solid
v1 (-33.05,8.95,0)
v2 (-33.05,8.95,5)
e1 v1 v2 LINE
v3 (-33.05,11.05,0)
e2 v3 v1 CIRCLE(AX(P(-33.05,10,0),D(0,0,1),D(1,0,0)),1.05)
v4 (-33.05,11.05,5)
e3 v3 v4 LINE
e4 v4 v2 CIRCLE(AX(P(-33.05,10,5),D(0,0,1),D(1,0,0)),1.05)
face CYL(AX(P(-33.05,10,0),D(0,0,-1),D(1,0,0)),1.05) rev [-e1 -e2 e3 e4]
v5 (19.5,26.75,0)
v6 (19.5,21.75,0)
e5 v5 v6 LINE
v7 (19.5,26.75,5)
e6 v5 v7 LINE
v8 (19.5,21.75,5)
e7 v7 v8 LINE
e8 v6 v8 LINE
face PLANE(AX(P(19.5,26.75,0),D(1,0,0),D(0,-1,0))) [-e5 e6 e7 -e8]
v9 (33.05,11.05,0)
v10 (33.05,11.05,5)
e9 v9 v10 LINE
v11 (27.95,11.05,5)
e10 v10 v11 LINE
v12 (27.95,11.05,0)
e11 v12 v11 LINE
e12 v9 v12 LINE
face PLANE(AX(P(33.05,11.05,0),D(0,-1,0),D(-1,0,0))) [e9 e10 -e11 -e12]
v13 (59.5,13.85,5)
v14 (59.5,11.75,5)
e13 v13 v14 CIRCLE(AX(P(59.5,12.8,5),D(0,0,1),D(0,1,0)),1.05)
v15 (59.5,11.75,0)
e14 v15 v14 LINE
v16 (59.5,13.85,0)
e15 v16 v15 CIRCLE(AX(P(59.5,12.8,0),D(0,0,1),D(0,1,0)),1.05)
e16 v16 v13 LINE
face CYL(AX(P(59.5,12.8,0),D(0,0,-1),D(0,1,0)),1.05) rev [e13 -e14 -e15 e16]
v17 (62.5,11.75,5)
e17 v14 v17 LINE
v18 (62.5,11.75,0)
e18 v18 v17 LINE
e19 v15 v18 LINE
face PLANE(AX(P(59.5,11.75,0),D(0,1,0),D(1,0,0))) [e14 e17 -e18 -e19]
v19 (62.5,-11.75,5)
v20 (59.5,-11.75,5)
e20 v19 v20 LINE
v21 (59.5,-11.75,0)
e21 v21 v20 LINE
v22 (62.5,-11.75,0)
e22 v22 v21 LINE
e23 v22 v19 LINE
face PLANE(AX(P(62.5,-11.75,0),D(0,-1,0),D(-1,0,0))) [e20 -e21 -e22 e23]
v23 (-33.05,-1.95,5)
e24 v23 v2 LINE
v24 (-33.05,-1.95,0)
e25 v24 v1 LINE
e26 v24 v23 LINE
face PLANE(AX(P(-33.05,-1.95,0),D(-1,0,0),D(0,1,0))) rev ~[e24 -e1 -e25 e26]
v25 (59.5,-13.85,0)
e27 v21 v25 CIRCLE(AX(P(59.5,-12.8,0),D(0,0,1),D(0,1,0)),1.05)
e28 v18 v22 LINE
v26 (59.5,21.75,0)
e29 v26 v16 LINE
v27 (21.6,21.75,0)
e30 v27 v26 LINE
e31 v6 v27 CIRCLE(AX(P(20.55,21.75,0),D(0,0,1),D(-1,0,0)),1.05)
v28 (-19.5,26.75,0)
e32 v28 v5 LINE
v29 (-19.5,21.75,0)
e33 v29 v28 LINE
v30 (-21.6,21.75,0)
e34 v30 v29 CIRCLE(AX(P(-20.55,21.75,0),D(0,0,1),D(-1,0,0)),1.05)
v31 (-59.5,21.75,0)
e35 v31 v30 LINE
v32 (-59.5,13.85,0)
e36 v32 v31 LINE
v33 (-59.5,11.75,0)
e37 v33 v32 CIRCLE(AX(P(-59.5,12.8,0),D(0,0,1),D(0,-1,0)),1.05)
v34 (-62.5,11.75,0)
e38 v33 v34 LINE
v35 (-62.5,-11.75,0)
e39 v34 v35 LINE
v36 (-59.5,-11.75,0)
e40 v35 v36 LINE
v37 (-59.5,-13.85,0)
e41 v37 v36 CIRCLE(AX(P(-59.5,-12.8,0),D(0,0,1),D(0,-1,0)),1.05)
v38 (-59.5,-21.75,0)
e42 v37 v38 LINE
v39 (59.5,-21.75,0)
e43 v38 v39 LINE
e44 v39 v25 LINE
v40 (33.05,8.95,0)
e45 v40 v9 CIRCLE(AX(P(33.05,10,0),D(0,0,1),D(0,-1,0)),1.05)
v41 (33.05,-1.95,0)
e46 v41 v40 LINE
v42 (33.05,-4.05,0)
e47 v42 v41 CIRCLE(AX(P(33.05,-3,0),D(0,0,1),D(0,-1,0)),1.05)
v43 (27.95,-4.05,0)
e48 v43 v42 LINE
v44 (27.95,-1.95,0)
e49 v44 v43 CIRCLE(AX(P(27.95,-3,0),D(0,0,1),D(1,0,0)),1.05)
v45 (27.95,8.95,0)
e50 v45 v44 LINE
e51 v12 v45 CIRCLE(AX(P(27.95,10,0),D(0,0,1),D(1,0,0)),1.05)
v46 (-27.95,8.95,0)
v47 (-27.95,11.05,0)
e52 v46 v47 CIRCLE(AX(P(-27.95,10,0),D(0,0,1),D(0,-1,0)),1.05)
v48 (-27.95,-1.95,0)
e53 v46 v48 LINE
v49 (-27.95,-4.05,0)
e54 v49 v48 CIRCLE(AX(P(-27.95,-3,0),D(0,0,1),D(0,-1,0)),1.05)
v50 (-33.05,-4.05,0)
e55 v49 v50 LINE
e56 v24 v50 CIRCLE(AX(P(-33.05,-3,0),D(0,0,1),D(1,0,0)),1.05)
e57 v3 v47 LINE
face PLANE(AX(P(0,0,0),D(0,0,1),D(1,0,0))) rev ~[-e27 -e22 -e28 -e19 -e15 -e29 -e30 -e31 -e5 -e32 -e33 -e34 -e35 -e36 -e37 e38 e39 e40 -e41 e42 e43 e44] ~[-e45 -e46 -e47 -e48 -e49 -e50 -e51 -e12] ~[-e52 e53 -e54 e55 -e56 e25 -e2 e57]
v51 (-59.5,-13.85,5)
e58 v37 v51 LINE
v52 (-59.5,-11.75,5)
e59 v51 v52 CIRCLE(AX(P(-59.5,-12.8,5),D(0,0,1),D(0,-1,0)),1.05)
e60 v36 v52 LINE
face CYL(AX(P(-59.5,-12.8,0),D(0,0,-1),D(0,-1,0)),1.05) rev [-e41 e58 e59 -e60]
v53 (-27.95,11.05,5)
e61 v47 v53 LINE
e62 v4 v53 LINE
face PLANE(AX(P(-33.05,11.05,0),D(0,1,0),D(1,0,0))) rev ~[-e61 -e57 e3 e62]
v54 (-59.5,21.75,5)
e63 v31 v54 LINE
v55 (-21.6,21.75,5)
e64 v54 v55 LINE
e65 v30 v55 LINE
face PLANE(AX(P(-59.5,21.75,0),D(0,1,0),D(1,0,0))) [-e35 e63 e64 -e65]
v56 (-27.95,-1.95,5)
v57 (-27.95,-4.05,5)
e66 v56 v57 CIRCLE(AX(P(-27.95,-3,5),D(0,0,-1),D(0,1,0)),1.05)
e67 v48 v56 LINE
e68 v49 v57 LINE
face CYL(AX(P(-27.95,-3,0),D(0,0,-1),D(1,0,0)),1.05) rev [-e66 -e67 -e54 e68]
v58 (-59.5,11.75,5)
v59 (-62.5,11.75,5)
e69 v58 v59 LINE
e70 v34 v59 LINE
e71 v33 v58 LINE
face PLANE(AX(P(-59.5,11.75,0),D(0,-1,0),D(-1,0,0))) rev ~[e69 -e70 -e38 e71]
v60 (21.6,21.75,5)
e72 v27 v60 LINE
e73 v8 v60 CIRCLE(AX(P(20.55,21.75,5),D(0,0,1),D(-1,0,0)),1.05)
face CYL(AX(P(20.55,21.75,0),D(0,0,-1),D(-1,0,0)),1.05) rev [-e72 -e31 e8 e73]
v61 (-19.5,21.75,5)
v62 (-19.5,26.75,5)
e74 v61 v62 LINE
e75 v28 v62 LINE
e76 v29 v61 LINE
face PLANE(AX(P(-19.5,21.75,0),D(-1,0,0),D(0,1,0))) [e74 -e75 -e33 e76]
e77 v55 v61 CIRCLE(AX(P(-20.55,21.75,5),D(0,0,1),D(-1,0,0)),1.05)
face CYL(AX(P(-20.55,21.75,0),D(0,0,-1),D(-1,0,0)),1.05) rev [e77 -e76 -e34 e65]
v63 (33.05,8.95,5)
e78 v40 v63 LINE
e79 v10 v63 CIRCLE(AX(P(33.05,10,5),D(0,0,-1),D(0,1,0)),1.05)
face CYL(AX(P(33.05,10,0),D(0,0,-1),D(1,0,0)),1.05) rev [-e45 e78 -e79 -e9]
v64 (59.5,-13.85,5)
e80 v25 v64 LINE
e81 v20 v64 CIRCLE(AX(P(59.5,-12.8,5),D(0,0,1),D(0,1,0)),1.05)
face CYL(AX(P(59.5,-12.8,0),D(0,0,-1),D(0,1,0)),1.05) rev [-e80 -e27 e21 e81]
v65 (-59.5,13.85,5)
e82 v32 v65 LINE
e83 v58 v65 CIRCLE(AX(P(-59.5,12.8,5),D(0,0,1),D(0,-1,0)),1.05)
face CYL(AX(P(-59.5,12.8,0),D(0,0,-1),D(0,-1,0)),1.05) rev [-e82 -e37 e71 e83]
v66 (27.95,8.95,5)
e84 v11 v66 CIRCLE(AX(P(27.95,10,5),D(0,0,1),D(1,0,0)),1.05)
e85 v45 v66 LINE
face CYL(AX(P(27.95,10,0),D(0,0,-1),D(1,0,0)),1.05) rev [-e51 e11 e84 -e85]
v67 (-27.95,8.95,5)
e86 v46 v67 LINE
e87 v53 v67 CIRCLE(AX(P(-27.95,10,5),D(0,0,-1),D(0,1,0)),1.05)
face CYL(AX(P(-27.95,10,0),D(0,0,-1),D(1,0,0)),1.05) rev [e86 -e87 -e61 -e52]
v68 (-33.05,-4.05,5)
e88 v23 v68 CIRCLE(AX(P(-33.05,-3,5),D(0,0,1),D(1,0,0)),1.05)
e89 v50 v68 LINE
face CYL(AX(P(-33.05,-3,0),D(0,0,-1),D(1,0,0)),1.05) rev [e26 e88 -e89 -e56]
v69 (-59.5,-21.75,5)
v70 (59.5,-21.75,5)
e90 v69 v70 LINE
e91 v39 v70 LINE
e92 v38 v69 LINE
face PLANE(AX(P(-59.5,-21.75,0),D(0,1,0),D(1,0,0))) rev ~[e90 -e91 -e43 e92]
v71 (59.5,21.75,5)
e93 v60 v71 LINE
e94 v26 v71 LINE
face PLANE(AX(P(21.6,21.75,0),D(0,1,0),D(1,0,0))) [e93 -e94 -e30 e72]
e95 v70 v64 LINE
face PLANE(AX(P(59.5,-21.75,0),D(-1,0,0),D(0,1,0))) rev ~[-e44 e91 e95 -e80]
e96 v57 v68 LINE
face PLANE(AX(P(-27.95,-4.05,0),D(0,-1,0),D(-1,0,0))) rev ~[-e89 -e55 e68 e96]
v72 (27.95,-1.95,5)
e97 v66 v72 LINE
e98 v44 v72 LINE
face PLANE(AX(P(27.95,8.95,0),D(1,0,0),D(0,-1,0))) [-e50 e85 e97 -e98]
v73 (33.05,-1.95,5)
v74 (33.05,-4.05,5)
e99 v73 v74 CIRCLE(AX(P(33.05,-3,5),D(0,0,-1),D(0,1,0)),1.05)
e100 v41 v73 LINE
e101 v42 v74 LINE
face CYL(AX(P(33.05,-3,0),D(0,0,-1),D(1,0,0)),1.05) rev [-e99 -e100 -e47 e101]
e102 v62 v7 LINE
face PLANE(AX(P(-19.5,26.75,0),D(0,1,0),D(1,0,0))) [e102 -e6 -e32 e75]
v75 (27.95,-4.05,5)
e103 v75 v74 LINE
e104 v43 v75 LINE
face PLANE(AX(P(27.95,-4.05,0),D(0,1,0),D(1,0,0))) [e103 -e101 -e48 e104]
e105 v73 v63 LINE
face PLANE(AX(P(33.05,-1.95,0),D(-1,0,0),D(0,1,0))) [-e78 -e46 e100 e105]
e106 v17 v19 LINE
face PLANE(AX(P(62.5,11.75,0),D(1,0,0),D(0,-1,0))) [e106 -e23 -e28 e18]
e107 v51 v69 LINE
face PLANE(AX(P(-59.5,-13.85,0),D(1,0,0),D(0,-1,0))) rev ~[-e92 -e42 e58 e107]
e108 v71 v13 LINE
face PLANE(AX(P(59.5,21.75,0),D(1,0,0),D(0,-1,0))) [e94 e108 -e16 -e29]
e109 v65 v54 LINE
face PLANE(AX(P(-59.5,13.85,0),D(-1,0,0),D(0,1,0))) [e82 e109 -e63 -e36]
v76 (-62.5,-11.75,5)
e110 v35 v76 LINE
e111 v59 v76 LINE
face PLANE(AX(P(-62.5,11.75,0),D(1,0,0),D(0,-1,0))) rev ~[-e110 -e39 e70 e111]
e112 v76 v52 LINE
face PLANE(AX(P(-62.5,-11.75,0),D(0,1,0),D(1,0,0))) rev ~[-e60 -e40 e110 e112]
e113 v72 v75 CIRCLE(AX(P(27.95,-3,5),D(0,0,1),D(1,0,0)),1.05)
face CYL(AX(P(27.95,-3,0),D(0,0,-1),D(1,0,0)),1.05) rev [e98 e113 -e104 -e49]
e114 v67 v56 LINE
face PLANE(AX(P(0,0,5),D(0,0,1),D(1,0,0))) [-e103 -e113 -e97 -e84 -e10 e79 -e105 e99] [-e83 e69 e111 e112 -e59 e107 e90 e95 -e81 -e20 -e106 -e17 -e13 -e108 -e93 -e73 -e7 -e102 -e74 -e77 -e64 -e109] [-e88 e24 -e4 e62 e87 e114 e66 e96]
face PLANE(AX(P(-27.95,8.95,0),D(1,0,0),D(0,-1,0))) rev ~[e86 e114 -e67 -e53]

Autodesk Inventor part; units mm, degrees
ref_plane "YZ Plane" through (0, 0, 0) normal (1, 0, 0) x (0, 1, 0)
ref_plane "XZ Plane" through (0, 0, 0) normal (0, 1, 0) x (-1, 0, 0)
ref_plane "XY Plane" through (0, 0, 0) normal (0, 0, 1) x (1, 0, 0)
sketch "スケッチ1" plane through (0, 0, 0) normal (0, 0, 1) x (1, 0, 0)
  line L0 (-59.5, -21.75) -> (59.5, -21.75) construction
  line L1 (59.5, -21.75) -> (59.5, 21.75) construction
  line L2 (59.5, 21.75) -> (-59.5, 21.75) construction
  line L3 (-59.5, 21.75) -> (-59.5, -21.75) construction
  line L4 (-59.5, -21.75) -> (59.5, 21.75) construction
  line L5 (59.5, -21.75) -> (-59.5, 21.75) construction
  line L6 (-54.5, -16.75) -> (54.5, -16.75) construction
  line L7 (54.5, -16.75) -> (54.5, 16.75) construction
  line L8 (54.5, 16.75) -> (-54.5, 16.75) construction
  line L9 (-54.5, 16.75) -> (-54.5, -16.75) construction
  line L10 (-54.5, -16.75) -> (54.5, 16.75) construction
  line L11 (54.5, -16.75) -> (-54.5, 16.75) construction
  line L12 (-33.05, 11.05) -> (-27.95, 11.05)
  line L13 (-27.95, 11.05) -> (-27.95, -4.05)
  line L14 (-27.95, -4.05) -> (-33.05, -4.05)
  line L15 (-33.05, -4.05) -> (-33.05, 11.05)
  line L16 (-28, 11) -> (-33, 11) construction
  line L17 (-33, 11) -> (-33, -4) construction
  line L18 (-33, -4) -> (-28, -4) construction
  line L19 (-28, -4) -> (-28, 11) construction
  line L20 (-30.5, 11) -> (-30.5, -4) construction
  line L21 (-33, 21) -> (-28, 21) construction
  line L22 (-28, 21) -> (-28, -14) construction
  line L23 (-28, -14) -> (-33, -14) construction
  line L24 (-33, -14) -> (-33, 21) construction
  circle A0 centre (-30.5, 17) radius 1.55
  circle A1 centre (-30.5, -10) radius 1.55
  circle A2 centre (-33.05, 10) radius 1.05
  circle A3 centre (-27.95, 10) radius 1.05
  circle A4 centre (-33.05, -3) radius 1.05
  circle A5 centre (-27.95, -3) radius 1.05
  line L25 (0, 0) -> (0, 16.75) construction
  line L26 (0, 0) -> (54.5, 0) construction
  circle A6 centre (30.5, 17) radius 1.55
  circle A7 centre (30.5, -10) radius 1.55
  circle A8 centre (27.95, 10) radius 1.05
  circle A9 centre (33.05, 10) radius 1.05
  circle A10 centre (27.95, -3) radius 1.05
  circle A11 centre (33.05, -3) radius 1.05
  line L27 (33.05, 11.05) -> (27.95, 11.05)
  line L28 (27.95, 11.05) -> (27.95, -4.05)
  line L29 (27.95, -4.05) -> (33.05, -4.05)
  line L30 (33.05, -4.05) -> (33.05, 11.05)
  line L31 (-59.5, 11.75) -> (-62.5, 11.75)
  line L32 (-62.5, 11.75) -> (-62.5, -11.75)
  line L33 (-62.5, -11.75) -> (-59.5, -11.75)
  line L34 (-59.5, 13.85) -> (-59.5, 21.75)
  line L35 (-59.5, 21.75) -> (-21.6, 21.75)
  line L36 (-19.5, 21.75) -> (-19.5, 26.75)
  line L37 (-19.5, 26.75) -> (19.5, 26.75)
  line L38 (19.5, 26.75) -> (19.5, 21.75)
  line L39 (21.6, 21.75) -> (59.5, 21.75)
  line L40 (59.5, 21.75) -> (59.5, 13.85)
  line L41 (59.5, 11.75) -> (62.5, 11.75)
  line L42 (62.5, 11.75) -> (62.5, -11.75)
  line L43 (62.5, -11.75) -> (59.5, -11.75)
  line L44 (-59.5, -13.85) -> (-59.5, -21.75)
  line L45 (-59.5, -21.75) -> (59.5, -21.75)
  line L46 (59.5, -21.75) -> (59.5, -13.85)
  arc A12 (-59.5, 11.75) -> (-59.5, 13.85) centre (-59.5, 12.8) ccw
  arc A13 (-59.5, -13.85) -> (-59.5, -11.75) centre (-59.5, -12.8) ccw
  line L47 (0, 0) -> (-54.5, 0) construction
  arc A14 (59.5, -11.75) -> (59.5, -13.85) centre (59.5, -12.8) ccw
  arc A15 (59.5, 13.85) -> (59.5, 11.75) centre (59.5, 12.8) ccw
  arc A16 (-21.6, 21.75) -> (-19.5, 21.75) centre (-20.55, 21.75) ccw
  arc A17 (19.5, 21.75) -> (21.6, 21.75) centre (20.55, 21.75) ccw
  line L48 (-56.8855, 19.3) -> (-54.5, 19.3) construction
  line L49 (-54.5, 19.3) -> (-54.5, 16.2) construction
  line L50 (-54.5, 16.2) -> (-56.8855, 16.2) construction
  line L51 (-56.8855, 16.2) -> (-56.8855, 19.3) construction
  line L52 (-54.5, 17.75) -> (-56.8855, 17.75) construction
  line L53 (-53.05, 22.7202) -> (-49.95, 22.7202) construction
  line L54 (-49.95, 22.7202) -> (-49.95, 16.75) construction
  line L55 (-49.95, 16.75) -> (-53.05, 16.75) construction
  line L56 (-53.05, 16.75) -> (-53.05, 22.7202) construction
  line L57 (-51.5, 22.7202) -> (-51.5, 16.75) construction
  point P0 (-30.5, -14)
  dimension "d10" = 2.1
  dimension "d0" = 33.5
  dimension "d1" = 5
  dimension "d2" = 109
  dimension "d3" = 5
  dimension "d4" = 0.05
  dimension "d5" = 35
  dimension "d6" = 27
  dimension "d7" = 5
  dimension "d11" = 33
  dimension "d12" = 3.1
  dimension "d13" = 1.05
  dimension "d14" = 3
  dimension "d15" = 4
  dimension "d16" = 3.1
  dimension "d17" = 10
  dimension "d18" = 5
  dimension "d19" = 8
  dimension "d20" = 5
  dimension "d21" = 40
  dimension "d22" = 5
  dimension "d50" = 4
  dimension "d51" = 10
  dimension "d52" = 17
  dimension "d53" = 10
extrude "押し出し1" add sketch "スケッチ1" along normal blind 5
ref_plane "作業平面1" through (23, -13.75, 5) normal (-1, 0, 0) x (0, 0, 1)
sketch "スケッチ7" plane through (23, -13.75, 5) normal (-1, 0, 0) x (0, 0, 1)
  point P0 (-5, 13.75)
sketch "スケッチ9" plane through (0, 0, 5) normal (0, 0, 1) x (1, 0, 0)
  circle A0 centre (-30.5, 17) radius 1.55 projected
  circle A1 centre (-30.5, 17) radius 1.55
  circle A2 centre (-30.5, -10) radius 1.55 projected
  circle A3 centre (-30.5, -10) radius 1.55
  circle A4 centre (30.5, 17) radius 1.55 projected
  circle A5 centre (30.5, 17) radius 1.55
  circle A6 centre (30.5, -10) radius 1.55 projected
  circle A7 centre (30.5, -10) radius 1.55
  point P0 (0, 0)
extrude "押し出し5" add sketch "スケッチ9" against normal up to surface (5 mm away)
equation "\"d20\" = d18"
equation "\"d53\" = d51"
properties part number "コックピット_サブフレーム_1_3" material "アセタール樹脂、黒"
